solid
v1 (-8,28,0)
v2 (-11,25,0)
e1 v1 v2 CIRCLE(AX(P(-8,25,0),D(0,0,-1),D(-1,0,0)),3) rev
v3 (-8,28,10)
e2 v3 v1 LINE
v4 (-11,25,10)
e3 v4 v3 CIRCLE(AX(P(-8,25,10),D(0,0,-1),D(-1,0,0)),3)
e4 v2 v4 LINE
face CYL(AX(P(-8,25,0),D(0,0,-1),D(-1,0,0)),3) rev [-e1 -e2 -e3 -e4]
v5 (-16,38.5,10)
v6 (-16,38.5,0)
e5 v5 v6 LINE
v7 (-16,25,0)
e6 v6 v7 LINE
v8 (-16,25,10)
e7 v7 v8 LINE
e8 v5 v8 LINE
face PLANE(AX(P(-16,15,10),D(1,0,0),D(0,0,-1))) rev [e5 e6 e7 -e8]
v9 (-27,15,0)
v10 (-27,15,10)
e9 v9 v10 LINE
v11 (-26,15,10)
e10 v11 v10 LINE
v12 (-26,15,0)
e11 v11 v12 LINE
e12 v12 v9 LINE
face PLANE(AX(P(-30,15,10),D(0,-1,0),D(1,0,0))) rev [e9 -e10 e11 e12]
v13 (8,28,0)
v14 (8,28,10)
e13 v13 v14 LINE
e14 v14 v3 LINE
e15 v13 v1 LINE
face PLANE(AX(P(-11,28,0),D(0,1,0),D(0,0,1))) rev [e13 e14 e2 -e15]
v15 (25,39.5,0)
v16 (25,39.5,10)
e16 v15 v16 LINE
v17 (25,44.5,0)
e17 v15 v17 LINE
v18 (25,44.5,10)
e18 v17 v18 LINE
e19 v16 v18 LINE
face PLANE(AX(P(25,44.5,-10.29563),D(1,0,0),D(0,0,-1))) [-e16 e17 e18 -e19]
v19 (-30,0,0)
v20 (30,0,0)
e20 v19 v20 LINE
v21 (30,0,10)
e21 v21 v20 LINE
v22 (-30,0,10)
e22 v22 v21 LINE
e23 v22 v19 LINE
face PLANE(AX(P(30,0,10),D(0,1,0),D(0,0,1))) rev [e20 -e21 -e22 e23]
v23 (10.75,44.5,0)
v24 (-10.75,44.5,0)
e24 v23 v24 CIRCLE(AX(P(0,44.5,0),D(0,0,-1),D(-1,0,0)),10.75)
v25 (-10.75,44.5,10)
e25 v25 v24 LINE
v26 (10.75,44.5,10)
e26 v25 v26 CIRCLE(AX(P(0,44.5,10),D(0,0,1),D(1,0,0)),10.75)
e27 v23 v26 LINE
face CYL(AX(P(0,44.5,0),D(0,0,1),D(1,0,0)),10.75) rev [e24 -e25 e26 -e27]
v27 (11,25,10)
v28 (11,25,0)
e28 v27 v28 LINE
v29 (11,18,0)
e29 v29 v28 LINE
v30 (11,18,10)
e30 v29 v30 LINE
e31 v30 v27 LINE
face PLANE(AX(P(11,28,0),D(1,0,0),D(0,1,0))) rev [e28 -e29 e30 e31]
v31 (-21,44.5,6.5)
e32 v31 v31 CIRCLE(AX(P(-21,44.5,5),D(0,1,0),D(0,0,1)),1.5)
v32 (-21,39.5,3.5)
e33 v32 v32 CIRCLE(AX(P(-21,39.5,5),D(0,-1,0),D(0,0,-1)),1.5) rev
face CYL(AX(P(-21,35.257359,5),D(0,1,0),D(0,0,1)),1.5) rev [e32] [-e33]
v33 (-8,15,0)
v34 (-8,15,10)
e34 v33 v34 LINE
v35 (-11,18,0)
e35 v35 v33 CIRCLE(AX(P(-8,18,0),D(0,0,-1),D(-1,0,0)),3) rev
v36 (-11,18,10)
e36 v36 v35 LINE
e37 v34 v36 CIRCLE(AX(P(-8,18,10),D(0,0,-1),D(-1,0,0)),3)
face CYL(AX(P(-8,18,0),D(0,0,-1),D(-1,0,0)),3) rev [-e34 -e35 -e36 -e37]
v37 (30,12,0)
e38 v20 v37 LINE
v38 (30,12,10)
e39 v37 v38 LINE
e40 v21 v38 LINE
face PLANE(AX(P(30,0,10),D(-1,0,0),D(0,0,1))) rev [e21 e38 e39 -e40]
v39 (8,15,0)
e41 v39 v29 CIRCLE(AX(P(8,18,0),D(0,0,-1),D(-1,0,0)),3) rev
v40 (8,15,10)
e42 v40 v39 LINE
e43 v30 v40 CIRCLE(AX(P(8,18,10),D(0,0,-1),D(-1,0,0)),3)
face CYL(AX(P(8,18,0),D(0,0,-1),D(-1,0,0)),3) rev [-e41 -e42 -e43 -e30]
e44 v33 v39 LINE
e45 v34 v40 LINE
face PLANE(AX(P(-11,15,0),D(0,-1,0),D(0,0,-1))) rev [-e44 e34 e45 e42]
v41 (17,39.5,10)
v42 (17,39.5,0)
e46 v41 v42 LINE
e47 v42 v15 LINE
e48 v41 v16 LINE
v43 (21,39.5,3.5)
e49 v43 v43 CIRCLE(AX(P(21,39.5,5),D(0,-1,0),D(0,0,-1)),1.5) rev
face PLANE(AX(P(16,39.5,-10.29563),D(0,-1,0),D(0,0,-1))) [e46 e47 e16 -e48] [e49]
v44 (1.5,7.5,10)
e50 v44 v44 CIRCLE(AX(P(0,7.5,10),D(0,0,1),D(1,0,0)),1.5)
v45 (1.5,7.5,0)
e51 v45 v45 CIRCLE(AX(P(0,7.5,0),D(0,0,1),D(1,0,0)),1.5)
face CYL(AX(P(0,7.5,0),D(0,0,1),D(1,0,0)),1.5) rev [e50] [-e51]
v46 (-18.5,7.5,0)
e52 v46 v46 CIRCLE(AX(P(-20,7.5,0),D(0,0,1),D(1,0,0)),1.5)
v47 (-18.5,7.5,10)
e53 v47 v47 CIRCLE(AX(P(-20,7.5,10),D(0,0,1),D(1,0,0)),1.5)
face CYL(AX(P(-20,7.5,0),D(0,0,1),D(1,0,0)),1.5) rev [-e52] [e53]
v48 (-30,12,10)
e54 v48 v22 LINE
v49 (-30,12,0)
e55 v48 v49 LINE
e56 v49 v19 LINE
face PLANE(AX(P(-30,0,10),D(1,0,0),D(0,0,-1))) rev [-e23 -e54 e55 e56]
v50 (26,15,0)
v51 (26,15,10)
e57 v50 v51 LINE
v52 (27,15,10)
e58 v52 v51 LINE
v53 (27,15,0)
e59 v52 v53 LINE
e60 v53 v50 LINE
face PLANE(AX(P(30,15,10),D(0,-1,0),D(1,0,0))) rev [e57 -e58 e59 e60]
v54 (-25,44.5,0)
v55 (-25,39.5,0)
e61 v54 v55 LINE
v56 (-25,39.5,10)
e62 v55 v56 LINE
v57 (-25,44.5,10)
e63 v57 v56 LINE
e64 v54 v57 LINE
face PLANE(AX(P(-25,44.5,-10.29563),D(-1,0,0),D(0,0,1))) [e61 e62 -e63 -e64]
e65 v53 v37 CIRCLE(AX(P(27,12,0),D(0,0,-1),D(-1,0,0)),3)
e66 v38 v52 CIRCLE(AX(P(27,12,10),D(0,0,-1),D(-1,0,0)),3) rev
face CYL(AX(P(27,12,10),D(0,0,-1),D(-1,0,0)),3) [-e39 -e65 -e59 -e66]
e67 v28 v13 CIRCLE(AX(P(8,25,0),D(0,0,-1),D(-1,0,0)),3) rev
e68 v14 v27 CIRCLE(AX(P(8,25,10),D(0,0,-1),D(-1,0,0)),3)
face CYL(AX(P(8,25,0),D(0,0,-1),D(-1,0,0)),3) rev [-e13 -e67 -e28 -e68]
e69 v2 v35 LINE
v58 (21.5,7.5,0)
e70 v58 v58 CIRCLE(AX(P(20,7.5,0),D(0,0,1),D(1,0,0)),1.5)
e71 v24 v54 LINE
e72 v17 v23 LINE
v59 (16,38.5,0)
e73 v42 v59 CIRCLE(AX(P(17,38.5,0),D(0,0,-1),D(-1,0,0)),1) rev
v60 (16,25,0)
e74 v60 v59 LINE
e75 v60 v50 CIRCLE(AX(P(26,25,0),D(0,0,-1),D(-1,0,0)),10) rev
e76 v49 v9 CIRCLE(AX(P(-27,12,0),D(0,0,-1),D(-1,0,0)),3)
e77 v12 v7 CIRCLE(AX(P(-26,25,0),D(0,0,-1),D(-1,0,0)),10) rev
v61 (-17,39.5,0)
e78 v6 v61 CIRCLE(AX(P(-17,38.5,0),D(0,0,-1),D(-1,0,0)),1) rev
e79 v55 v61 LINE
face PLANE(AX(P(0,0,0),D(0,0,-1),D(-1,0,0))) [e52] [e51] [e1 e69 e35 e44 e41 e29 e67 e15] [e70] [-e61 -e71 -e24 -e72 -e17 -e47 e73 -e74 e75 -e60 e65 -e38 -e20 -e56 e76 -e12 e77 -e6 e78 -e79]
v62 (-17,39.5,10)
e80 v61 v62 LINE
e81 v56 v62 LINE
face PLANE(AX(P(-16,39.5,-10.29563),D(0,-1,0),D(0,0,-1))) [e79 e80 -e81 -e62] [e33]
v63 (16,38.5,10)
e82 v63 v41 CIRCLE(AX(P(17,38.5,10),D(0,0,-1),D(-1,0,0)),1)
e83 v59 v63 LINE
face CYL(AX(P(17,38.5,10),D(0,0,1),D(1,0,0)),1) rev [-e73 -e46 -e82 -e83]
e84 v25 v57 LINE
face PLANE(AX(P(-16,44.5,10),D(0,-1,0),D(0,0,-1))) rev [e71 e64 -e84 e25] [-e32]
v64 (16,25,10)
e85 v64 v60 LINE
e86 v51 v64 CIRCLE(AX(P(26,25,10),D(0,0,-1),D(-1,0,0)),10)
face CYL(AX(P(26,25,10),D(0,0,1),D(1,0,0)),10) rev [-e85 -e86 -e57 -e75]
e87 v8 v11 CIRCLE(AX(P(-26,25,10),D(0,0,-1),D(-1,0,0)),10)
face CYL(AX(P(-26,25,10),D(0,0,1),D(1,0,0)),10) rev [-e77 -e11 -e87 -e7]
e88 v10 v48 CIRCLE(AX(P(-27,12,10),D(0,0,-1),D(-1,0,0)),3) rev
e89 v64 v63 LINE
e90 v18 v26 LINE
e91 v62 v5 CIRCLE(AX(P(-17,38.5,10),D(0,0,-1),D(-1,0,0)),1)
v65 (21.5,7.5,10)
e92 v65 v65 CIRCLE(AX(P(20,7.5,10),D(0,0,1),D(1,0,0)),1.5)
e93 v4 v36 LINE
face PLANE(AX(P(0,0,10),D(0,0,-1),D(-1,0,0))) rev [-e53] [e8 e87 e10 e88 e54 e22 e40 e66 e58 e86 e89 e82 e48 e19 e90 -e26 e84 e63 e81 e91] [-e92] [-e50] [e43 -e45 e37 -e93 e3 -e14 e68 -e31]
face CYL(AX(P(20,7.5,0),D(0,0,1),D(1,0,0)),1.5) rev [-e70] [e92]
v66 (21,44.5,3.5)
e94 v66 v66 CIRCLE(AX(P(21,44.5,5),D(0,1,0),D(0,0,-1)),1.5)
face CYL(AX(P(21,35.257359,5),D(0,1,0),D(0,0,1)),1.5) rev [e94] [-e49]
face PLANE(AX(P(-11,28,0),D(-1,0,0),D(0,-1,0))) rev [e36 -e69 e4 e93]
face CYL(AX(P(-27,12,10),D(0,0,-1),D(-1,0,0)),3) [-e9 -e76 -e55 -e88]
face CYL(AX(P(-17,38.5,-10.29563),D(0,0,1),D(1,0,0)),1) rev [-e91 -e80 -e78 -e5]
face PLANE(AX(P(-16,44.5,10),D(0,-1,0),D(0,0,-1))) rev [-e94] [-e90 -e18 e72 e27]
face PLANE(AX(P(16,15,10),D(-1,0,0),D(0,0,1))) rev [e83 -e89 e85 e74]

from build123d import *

# Parameters (mm, degrees)
EXTRUDE_1_DEPTH     = 10
SKETCH_3_R          = 10.75
CUT_EXTRUDE_1_DEPTH = 55.591666031
SKETCH_4_R          = 1.5
CUT_EXTRUDE_2_DEPTH = 55.591666031
FILLET_1_R          = 10
FILLET_3_R          = 3
SKETCH_7_W          = 22
SKETCH_7_H          = 13
CUT_EXTRUDE_5_DEPTH = 55.591666031
FILLET_4_R          = 3
SKETCH_8_W          = 9
SKETCH_8_H          = 5
EXTRUDE_2_DEPTH     = 10
FILLET_5_R          = 1
SKETCH_9_R          = 1.5
CUT_EXTRUDE_6_DEPTH = 5


with BuildPart() as part:
    # 草图2 → 凸台-拉伸1 (new body)
    with BuildSketch(Plane.XY):
        Polygon((30, 0), (-30, 0), (-30, 15), (-16, 15), (-16, 44.5), (16, 44.5), (16, 15), (30, 15), align=None)
    extrude(amount=EXTRUDE_1_DEPTH)

    # 草图3 → 切除-拉伸1 (cut, through all)
    with BuildSketch(Plane.XY.offset(10)):
        with Locations((0, 44.5)):
            Circle(SKETCH_3_R)
    extrude(amount=-CUT_EXTRUDE_1_DEPTH, mode=Mode.SUBTRACT)

    # 草图4 → 切除-拉伸2 (cut, through all)
    with BuildSketch(Plane.XY.offset(10)):
        with Locations((-20, 7.5)):
            Circle(SKETCH_4_R)
        with Locations((0, 7.5)):
            Circle(SKETCH_4_R)
        with Locations((20, 7.5)):
            Circle(SKETCH_4_R)
    extrude(amount=-CUT_EXTRUDE_2_DEPTH, mode=Mode.SUBTRACT)

    # 圆角1
    fillet_1_edges = [part.edges().sort_by_distance(p)[0] for p in [
        (-16, 15, 5),
        (16, 15, 5),
    ]]
    fillet(fillet_1_edges, radius=FILLET_1_R)

    # 圆角3
    fillet_3_edges = [part.edges().sort_by_distance(p)[0] for p in [
        (-30, 15, 5),
        (30, 15, 5),
    ]]
    fillet(fillet_3_edges, radius=FILLET_3_R)

    # 草图7 → 切除-拉伸5 (cut, through all)
    with BuildSketch(Plane.XY.offset(10)):
        with Locations((0, 21.5)):
            Rectangle(SKETCH_7_W, SKETCH_7_H)
    extrude(amount=-CUT_EXTRUDE_5_DEPTH, mode=Mode.SUBTRACT)

    # 圆角4
    fillet_4_edges = [part.edges().sort_by_distance(p)[0] for p in [
        (11, 28, 5),
        (11, 15, 5),
        (-11, 15, 5),
        (-11, 28, 5),
    ]]
    fillet(fillet_4_edges, radius=FILLET_4_R)

    # 草图8 → 凸台-拉伸2 (add)
    with BuildSketch(Plane.XY.offset(10)):
        with Locations((20.5, 42)):
            Rectangle(SKETCH_8_W, SKETCH_8_H)
        with Locations((-20.5, 42)):
            Rectangle(SKETCH_8_W, SKETCH_8_H)
    extrude(amount=-EXTRUDE_2_DEPTH)

    # 圆角5
    fillet_5_edges = [part.edges().sort_by_distance(p)[0] for p in [
        (-16, 39.5, 5),
        (16, 39.5, 5),
    ]]
    fillet(fillet_5_edges, radius=FILLET_5_R)

    # 草图9 → 切除-拉伸6 (cut)
    with BuildSketch(Plane(origin=(0, 44.5, 0), x_dir=(1, 0, 0), z_dir=(0, 1, 0))):
        with Locations(Location((-21, -5, 0), (0, 0, 270))):
            Circle(SKETCH_9_R)
        with Locations(Location((21, -5, 0), (0, 0, 90))):
            Circle(SKETCH_9_R)
    extrude(amount=-CUT_EXTRUDE_6_DEPTH, mode=Mode.SUBTRACT)


solid = part.part
